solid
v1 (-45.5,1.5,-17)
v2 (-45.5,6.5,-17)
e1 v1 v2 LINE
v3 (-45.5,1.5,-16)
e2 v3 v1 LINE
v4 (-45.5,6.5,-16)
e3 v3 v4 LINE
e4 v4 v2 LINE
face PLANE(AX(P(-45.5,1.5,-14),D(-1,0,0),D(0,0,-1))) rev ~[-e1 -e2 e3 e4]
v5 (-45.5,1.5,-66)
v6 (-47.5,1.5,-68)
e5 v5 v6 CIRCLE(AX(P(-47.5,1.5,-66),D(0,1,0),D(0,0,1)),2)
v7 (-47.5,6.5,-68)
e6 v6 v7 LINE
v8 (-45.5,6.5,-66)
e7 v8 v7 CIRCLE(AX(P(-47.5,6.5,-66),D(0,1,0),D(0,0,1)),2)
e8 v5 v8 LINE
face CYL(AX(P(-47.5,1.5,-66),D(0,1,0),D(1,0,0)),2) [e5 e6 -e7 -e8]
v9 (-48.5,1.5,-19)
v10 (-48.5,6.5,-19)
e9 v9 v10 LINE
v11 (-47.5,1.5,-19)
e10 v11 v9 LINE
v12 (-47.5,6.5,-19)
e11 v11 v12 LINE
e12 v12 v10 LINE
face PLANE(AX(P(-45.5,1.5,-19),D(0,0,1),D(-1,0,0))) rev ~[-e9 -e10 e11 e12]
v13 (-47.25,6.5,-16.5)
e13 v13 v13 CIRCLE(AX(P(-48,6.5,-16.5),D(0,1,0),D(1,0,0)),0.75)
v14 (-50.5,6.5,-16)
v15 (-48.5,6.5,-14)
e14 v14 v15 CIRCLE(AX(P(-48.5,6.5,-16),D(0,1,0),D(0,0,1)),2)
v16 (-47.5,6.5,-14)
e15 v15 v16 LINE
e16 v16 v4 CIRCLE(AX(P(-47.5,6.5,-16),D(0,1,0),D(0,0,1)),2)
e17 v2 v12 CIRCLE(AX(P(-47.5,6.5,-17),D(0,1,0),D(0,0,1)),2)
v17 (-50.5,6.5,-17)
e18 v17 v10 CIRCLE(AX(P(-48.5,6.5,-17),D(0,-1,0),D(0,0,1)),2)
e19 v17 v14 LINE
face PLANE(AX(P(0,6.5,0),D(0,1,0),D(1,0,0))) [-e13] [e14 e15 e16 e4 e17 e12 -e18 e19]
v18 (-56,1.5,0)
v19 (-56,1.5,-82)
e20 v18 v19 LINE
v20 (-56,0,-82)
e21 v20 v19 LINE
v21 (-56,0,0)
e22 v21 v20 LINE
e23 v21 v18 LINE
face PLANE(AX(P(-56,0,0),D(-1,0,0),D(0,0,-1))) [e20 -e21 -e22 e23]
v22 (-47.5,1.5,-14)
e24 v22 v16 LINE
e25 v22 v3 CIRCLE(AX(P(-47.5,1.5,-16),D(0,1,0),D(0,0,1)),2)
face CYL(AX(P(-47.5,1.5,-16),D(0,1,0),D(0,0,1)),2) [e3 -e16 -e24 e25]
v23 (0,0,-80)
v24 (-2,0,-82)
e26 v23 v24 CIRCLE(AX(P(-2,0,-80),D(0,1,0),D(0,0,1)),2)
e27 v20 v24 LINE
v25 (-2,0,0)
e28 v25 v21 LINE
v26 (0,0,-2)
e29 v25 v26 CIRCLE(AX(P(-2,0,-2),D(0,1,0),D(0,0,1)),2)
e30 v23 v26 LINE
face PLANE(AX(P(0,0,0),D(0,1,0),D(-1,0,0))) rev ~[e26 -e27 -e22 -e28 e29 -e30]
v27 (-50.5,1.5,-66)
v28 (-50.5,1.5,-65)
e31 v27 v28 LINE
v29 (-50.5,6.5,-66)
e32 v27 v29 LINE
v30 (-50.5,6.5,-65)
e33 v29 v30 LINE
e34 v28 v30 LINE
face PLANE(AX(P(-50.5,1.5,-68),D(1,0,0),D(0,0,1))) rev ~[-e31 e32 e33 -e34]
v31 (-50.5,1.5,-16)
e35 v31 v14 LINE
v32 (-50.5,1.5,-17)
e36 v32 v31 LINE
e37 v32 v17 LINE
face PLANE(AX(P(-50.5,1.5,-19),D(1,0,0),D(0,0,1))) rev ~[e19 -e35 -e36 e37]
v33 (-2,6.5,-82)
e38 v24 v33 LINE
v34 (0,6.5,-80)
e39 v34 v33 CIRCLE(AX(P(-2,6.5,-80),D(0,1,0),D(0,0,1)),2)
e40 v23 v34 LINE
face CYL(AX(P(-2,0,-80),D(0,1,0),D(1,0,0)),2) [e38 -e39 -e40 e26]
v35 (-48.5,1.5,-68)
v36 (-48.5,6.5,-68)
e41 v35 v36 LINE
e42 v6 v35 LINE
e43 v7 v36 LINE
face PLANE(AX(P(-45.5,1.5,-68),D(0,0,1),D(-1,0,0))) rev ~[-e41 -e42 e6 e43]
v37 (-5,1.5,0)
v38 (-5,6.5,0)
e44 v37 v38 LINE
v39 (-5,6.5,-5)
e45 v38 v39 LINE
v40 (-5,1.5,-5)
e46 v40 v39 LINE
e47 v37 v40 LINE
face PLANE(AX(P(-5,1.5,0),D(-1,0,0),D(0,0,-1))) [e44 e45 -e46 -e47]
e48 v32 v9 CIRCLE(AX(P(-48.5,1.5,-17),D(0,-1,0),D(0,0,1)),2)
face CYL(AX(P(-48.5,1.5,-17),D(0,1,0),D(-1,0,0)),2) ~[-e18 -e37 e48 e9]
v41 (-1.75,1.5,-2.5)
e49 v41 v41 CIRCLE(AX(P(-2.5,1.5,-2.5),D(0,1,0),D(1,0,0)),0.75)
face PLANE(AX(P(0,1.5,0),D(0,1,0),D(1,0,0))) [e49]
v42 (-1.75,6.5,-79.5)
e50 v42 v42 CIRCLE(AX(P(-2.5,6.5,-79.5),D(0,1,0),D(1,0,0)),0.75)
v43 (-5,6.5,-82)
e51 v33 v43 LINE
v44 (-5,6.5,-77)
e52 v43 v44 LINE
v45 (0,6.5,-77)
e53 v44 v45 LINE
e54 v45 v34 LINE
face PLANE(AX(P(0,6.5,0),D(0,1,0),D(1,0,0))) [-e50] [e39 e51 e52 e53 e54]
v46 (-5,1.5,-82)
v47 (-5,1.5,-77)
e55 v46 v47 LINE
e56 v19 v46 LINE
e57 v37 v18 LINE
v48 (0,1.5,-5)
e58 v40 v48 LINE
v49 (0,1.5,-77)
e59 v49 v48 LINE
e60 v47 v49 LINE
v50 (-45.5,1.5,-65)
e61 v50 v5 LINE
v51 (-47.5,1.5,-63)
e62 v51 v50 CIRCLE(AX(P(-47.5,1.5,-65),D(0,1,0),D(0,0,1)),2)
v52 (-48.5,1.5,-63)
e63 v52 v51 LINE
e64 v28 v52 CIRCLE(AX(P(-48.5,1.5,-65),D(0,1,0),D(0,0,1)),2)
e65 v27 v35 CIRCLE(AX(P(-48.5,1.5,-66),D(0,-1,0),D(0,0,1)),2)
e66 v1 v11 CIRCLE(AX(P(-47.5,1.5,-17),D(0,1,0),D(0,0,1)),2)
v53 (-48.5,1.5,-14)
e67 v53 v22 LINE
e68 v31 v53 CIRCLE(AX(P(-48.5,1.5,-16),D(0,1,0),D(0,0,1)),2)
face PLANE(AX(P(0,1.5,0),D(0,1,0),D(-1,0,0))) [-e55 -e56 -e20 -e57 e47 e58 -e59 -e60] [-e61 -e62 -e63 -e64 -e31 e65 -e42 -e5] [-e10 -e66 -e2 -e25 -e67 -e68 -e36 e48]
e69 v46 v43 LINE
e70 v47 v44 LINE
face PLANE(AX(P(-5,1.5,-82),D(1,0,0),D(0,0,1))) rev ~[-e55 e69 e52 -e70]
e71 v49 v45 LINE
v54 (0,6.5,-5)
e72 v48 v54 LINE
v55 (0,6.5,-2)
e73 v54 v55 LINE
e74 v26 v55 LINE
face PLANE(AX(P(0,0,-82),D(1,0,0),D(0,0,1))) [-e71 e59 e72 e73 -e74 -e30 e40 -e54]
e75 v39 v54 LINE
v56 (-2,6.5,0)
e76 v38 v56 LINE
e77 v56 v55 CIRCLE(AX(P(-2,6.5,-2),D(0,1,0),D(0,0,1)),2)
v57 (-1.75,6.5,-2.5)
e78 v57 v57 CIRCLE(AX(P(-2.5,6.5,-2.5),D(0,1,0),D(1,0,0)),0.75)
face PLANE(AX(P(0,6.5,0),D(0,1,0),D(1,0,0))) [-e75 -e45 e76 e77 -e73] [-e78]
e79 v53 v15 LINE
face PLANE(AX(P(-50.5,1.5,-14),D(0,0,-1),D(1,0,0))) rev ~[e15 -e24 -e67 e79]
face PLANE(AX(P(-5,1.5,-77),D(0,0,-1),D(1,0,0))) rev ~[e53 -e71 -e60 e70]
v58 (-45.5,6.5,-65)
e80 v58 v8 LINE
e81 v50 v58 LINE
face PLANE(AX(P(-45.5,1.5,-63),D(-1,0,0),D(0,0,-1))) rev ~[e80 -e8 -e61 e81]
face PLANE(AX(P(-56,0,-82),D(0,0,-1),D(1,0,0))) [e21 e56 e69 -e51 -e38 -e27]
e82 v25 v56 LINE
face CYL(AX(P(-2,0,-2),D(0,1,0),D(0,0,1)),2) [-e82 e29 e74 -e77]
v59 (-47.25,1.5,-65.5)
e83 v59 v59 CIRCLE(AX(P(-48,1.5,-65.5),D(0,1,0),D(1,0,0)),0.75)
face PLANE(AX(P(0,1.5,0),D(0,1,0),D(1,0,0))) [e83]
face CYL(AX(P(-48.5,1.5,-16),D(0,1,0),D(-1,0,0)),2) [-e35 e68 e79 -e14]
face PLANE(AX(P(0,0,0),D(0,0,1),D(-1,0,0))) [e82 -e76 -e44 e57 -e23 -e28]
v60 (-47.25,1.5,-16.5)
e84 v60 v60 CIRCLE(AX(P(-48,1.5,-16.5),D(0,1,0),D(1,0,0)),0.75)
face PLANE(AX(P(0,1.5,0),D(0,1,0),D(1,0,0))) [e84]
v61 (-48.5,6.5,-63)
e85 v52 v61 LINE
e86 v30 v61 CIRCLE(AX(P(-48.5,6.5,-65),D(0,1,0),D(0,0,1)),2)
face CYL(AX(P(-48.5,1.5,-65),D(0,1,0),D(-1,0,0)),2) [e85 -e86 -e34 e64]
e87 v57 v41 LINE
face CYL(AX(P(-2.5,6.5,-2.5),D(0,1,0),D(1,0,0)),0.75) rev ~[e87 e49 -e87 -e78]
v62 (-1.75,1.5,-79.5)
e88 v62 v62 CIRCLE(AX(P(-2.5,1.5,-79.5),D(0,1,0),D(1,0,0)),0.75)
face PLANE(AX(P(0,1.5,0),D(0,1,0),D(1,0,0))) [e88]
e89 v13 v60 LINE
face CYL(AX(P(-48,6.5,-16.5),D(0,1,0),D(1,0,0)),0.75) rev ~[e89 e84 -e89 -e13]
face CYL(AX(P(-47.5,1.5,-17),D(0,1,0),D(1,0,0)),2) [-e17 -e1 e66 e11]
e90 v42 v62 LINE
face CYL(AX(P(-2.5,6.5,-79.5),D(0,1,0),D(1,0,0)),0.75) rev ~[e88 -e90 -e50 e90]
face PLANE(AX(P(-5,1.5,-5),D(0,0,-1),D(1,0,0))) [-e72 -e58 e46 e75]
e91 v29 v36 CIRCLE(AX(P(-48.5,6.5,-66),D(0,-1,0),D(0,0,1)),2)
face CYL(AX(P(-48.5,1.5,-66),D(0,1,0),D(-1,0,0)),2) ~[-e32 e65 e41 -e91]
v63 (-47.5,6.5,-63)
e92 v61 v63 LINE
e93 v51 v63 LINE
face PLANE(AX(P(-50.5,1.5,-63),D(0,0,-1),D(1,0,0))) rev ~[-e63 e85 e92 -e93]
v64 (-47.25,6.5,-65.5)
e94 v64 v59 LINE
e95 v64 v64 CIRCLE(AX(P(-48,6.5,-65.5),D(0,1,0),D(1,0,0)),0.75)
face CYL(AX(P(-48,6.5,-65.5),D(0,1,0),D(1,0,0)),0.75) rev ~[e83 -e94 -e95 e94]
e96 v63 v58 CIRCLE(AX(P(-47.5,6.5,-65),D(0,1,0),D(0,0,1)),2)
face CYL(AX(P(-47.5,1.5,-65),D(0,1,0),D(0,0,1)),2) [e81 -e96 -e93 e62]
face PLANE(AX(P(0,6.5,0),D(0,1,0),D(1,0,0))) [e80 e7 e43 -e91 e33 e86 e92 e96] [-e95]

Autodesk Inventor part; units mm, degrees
ref_plane "YZ Plane" through (0, 0, 0) normal (1, 0, 0) x (0, 1, 0)
ref_plane "XZ Plane" through (0, 0, 0) normal (0, 1, 0) x (-1, 0, 0)
ref_plane "XY Plane" through (0, 0, 0) normal (0, 0, 1) x (1, 0, 0)
sketch "Эскиз1" plane through (0, 0, 0) normal (0, 1, 0) x (-1, 0, 0)
  line L0 (0, 0) -> (56, 0)
  line L1 (56, 0) -> (56, -82)
  line L2 (56, -82) -> (0, -82)
  line L3 (0, -82) -> (0, 0)
  dimension "d0" = 56
  dimension "d1" = 82
extrude "Выдавливание1" add sketch "Эскиз1" along normal blind 1.5
sketch "Эскиз2" plane through (0, 1.5, 0) normal (0, 1, 0) x (1, 0, 0)
  line L0 (-56, 0) -> (0, 0) projected
  line L1 (0, 0) -> (-5, 0)
  line L2 (-5, 0) -> (-5, 5)
  line L3 (-5, 5) -> (0, 5)
  line L4 (0, 5) -> (0, 0)
  line L5 (0, 0) -> (0, 82) projected
  line L6 (0, 82) -> (-5, 82)
  line L7 (-5, 82) -> (-5, 77)
  line L8 (-5, 77) -> (0, 77)
  line L9 (0, 77) -> (0, 82)
  line L10 (-50.5, 14) -> (-45.5, 14)
  line L11 (-45.5, 14) -> (-45.5, 19)
  line L12 (-45.5, 19) -> (-50.5, 19)
  line L13 (-50.5, 19) -> (-50.5, 14)
  line L14 (-50.5, 63) -> (-45.5, 63)
  line L15 (-45.5, 63) -> (-45.5, 68)
  line L16 (-45.5, 68) -> (-50.5, 68)
  line L17 (-50.5, 68) -> (-50.5, 63)
  line L18 (-56, 82) -> (-56, 0) projected
  line L19 (0, 82) -> (-56, 82) projected
  dimension "d4" = 5
  dimension "d5" = 5
  dimension "d6" = 5
  dimension "d7" = 5
  dimension "d8" = 5
  dimension "d9" = 5
  dimension "d10" = 5
  dimension "d11" = 5
  dimension "d12" = 14
  dimension "d13" = 5.5
  dimension "d14" = 14
extrude "Выдавливание2" add sketch "Эскиз2" along normal blind 5 contours L2 L3 L4 L0 | L6 L5 L8 L7 | L13 L12 L11 L10 | L17 L16 L15 L14
sketch "Эскиз3" plane through (0, 6.5, 0) normal (0, 1, 0) x (1, 0, 0)
  circle A0 centre (-2.5, 2.5) radius 0.75
  line L0 (-5, 0) -> (0, 0) projected
  line L1 (0, 0) -> (0, 5) projected
  circle A1 centre (-2.5, 79.5) radius 0.75
  line L2 (0, 77) -> (0, 82) projected
  line L3 (0, 82) -> (-5, 82) projected
  circle A2 centre (-48, 16.5) radius 0.75
  line L4 (-56, 0) -> (-5, 0) projected
  circle A3 centre (-48, 65.5) radius 0.75
  line L5 (-5, 82) -> (-56, 82) projected
  line L6 (-45.5, 14) -> (-45.5, 19) projected
  line L7 (-45.5, 63) -> (-45.5, 68) projected
  dimension "d17" = 1.5
  dimension "d18" = 2.5
  dimension "d19" = 2.5
  dimension "d20" = 1.5
  dimension "d21" = 2.5
  dimension "d22" = 2.5
  dimension "d23" = 1.5
  dimension "d24" = 16.5
  dimension "d25" = 1.5
  dimension "d26" = 16.5
  dimension "d27" = 2.5
  dimension "d28" = 2.5
extrude "Выдавливание3" cut sketch "Эскиз3" against normal blind 5
fillet "Сопряжение1" radius 2 10 edges at (0, 3.25, 0) (0, 3.25, -82) (-45.5, 4, -14) (-45.5, 4, -19) (-50.5, 4, -14) (-50.5, 4, -19) (-45.5, 4, -63) (-45.5, 4, -68) (-50.5, 4, -68) (-50.5, 4, -63)
properties part number "VIM1_Holder"
